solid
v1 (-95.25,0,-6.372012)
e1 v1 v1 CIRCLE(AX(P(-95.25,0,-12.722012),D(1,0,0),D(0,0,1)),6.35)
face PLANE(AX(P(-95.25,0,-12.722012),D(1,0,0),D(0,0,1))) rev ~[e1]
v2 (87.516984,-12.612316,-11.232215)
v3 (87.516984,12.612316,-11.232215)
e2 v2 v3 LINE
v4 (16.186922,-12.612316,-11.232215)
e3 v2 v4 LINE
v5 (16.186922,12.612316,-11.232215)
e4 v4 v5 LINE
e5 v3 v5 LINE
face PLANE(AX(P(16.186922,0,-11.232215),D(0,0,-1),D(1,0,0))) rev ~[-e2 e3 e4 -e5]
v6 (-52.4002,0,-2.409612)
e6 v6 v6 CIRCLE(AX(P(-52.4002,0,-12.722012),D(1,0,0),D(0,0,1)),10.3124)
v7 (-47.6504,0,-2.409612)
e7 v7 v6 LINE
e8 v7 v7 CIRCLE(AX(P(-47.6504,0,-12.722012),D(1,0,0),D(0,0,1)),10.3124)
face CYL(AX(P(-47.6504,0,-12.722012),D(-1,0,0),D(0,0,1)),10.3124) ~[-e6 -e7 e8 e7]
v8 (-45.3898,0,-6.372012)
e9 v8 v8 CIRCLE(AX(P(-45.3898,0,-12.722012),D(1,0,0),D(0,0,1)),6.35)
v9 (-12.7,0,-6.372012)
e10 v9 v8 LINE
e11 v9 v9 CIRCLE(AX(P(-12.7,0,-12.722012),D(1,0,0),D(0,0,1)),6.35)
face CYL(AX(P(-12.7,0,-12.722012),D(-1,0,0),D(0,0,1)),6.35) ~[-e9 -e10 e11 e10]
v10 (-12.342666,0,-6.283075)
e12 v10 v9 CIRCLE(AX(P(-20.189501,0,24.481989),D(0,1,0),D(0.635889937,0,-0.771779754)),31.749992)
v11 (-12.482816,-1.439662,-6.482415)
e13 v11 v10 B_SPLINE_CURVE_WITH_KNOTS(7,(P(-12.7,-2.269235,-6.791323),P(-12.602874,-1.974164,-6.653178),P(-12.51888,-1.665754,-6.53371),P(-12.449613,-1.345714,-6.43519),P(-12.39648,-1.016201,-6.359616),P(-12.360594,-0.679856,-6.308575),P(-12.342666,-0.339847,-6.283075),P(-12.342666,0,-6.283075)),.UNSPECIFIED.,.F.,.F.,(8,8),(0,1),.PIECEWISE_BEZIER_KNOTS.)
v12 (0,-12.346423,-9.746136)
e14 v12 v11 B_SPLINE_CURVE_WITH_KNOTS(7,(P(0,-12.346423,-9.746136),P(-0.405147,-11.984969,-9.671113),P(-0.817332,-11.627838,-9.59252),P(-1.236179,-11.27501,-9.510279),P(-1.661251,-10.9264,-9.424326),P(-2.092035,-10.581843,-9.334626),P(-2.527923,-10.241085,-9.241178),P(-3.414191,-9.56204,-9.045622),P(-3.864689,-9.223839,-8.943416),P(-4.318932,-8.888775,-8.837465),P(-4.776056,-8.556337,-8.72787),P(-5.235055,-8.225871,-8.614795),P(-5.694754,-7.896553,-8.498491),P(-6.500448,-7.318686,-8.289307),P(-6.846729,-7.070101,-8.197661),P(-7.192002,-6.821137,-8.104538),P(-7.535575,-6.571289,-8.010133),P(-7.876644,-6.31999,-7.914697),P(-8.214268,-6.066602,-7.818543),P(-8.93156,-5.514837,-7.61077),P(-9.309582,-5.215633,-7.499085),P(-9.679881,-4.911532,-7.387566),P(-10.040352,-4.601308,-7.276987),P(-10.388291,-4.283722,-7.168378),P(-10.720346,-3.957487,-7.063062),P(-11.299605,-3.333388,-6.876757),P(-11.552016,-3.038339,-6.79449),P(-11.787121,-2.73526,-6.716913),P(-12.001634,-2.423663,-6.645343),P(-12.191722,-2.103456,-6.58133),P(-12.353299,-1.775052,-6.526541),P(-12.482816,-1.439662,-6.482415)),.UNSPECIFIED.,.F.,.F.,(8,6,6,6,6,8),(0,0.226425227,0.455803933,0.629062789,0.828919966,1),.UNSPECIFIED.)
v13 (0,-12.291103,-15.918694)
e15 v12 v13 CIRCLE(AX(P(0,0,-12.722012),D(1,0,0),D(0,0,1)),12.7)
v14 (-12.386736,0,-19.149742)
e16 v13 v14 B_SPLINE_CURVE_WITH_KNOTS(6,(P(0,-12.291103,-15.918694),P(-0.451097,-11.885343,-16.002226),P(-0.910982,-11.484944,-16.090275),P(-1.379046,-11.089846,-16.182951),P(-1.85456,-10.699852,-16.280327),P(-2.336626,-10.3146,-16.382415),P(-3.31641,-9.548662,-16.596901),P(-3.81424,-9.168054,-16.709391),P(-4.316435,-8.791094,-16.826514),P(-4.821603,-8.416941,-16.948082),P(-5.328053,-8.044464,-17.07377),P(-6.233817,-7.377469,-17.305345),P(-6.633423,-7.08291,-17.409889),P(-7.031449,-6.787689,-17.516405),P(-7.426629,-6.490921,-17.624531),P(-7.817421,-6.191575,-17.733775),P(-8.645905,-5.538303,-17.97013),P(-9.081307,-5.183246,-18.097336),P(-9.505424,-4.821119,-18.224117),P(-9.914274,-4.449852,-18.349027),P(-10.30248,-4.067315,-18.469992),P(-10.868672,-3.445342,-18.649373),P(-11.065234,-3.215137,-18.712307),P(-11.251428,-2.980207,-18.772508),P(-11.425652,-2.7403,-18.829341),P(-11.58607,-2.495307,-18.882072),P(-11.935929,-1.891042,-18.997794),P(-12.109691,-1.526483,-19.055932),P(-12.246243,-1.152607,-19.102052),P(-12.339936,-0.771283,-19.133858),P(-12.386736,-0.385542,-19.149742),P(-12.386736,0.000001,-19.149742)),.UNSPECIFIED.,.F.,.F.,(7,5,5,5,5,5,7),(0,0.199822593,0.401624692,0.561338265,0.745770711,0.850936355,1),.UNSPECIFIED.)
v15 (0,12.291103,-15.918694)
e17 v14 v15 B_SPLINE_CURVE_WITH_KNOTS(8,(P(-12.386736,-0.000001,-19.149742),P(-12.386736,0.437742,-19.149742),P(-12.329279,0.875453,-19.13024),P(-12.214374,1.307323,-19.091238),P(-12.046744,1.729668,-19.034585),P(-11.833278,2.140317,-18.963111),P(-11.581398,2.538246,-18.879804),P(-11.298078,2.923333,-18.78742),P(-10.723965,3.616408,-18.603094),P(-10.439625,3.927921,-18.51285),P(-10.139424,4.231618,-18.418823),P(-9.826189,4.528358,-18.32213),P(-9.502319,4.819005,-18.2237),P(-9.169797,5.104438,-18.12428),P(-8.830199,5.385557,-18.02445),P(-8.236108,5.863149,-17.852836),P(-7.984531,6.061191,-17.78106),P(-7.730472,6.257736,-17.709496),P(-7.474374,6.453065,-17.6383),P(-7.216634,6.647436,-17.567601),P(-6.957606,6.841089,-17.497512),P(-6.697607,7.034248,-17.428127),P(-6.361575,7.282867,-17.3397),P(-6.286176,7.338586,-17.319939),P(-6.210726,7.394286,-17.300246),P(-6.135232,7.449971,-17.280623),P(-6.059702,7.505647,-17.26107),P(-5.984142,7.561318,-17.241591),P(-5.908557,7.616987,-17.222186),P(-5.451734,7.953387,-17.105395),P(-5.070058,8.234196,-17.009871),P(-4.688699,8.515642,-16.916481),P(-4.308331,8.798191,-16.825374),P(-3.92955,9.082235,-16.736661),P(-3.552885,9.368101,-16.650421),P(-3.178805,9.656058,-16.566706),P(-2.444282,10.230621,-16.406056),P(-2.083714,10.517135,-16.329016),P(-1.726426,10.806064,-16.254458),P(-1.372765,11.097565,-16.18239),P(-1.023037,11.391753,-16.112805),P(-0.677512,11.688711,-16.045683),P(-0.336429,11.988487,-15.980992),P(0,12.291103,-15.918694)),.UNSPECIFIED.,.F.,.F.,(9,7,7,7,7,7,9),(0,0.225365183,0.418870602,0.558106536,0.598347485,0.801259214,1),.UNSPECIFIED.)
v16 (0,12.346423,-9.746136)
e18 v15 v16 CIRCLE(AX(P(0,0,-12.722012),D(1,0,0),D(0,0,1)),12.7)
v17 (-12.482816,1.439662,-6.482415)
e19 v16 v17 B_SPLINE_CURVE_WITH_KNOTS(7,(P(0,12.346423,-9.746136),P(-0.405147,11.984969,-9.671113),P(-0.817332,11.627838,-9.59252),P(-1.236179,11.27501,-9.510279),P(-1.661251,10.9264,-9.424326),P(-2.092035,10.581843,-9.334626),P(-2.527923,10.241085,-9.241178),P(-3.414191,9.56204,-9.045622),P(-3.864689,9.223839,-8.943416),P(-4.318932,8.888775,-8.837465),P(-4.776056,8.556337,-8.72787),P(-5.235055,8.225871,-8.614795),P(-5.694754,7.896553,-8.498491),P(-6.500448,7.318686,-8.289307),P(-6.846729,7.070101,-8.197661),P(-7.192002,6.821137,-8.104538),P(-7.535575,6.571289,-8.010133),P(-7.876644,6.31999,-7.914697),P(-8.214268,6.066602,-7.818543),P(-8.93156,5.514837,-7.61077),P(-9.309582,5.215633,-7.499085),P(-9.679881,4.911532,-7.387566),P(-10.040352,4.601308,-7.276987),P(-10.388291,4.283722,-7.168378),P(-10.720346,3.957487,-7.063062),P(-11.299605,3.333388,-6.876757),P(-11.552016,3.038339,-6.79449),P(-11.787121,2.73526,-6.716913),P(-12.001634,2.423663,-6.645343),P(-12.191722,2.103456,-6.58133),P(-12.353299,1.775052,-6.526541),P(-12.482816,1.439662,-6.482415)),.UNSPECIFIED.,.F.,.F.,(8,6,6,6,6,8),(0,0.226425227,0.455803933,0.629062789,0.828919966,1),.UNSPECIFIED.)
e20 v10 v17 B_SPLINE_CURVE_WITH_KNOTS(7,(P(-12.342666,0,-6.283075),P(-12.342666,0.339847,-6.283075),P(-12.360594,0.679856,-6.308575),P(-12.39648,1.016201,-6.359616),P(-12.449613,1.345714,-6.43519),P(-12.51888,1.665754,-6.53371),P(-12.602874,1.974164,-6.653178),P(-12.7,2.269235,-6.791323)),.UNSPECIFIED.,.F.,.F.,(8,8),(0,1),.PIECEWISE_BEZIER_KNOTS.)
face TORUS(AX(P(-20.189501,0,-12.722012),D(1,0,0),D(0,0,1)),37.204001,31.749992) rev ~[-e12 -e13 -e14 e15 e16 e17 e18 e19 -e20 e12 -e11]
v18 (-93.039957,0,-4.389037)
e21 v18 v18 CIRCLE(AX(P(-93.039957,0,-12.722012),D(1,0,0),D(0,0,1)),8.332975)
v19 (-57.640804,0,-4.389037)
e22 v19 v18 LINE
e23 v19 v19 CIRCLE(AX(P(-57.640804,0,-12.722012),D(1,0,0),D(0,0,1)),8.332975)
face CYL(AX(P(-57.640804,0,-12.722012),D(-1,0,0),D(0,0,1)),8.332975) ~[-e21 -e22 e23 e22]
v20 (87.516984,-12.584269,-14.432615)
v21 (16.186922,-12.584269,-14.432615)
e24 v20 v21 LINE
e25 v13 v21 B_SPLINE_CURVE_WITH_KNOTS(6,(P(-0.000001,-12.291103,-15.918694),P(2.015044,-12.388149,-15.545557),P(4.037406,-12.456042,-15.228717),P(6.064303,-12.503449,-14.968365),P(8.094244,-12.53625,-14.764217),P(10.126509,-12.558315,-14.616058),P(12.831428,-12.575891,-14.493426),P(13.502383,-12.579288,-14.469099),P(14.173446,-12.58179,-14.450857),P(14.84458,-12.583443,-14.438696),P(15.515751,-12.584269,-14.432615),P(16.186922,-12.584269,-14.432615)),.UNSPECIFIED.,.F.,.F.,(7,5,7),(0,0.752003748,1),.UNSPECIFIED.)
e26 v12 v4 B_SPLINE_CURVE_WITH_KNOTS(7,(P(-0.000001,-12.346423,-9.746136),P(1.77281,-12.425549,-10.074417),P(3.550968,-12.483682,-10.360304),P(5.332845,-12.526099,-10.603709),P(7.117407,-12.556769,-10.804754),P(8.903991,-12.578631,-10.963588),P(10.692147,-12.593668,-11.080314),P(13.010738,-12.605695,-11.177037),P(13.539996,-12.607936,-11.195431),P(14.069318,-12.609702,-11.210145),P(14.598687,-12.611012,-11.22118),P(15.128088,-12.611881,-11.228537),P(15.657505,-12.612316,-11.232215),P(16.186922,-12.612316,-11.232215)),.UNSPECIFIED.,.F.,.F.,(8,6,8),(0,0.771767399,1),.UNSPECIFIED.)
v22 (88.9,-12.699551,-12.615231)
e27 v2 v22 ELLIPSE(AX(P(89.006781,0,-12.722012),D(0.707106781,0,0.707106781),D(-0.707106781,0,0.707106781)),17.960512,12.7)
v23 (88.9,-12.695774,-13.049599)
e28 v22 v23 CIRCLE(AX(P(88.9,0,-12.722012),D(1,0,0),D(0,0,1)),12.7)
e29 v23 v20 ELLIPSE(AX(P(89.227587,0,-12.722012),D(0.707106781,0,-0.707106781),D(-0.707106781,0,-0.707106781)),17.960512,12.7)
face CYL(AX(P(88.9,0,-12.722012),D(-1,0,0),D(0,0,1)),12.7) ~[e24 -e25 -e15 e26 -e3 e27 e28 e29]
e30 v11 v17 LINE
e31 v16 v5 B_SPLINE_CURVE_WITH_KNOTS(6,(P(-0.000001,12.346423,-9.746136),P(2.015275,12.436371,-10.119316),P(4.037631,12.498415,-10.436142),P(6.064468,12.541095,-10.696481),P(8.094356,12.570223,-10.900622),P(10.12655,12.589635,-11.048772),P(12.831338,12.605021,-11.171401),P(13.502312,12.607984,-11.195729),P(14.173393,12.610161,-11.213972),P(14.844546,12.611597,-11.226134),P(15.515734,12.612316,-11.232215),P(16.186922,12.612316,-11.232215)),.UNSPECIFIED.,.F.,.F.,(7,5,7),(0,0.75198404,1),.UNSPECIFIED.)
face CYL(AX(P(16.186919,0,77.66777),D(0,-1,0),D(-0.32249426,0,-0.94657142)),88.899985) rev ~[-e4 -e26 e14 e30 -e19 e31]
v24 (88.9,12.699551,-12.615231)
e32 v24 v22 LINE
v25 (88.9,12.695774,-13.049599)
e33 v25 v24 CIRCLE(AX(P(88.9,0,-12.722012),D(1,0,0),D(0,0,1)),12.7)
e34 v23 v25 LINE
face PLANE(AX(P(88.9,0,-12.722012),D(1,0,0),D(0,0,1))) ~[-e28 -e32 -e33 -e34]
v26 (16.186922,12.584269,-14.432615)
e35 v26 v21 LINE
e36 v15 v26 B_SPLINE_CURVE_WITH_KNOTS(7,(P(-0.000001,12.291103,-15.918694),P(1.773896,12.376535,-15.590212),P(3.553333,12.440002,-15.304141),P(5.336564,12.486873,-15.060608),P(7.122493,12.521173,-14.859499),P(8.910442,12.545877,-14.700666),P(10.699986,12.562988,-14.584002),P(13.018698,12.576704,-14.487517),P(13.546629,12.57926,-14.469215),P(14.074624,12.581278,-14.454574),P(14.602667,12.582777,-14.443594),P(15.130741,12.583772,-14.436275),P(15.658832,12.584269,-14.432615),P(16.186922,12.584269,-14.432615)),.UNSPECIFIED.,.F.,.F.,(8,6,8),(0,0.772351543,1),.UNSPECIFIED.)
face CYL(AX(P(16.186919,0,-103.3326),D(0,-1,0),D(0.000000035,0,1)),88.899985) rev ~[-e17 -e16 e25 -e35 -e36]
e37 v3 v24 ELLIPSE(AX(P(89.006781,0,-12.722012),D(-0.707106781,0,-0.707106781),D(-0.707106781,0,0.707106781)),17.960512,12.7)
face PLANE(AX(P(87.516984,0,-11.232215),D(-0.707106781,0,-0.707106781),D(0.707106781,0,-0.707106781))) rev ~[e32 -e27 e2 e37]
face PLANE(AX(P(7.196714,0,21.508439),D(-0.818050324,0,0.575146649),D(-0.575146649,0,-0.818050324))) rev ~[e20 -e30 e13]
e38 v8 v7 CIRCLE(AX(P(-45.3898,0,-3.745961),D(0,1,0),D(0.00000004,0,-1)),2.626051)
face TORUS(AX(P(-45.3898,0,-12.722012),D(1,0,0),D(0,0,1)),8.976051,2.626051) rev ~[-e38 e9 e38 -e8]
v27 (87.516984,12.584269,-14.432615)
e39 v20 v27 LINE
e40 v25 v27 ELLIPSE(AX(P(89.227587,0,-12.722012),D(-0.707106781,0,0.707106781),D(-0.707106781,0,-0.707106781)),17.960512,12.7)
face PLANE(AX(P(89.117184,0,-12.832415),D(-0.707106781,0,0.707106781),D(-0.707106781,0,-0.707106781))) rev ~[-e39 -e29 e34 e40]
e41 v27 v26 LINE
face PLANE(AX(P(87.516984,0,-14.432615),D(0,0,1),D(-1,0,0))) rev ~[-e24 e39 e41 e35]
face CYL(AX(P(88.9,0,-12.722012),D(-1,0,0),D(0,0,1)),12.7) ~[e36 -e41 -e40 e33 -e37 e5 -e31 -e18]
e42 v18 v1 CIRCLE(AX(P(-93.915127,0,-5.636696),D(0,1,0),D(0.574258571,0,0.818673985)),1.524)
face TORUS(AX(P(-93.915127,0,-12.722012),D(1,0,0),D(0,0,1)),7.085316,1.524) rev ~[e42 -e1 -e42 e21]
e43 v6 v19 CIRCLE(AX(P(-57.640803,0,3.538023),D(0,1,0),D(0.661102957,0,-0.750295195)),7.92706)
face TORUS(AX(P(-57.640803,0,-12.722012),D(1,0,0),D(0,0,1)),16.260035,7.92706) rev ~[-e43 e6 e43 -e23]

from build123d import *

# Parameters (mm, degrees)
F3_DEPTH = 25.4
F4_DEPTH = 25.4


with BuildPart() as f1:
    # F0 (on Front) → F1 (revolve)
    with BuildSketch(Plane.XZ):
        with BuildLine():
            Line((-95.25, -6.372012), (-95.25, -12.722012))
            Line((-95.25, -12.722012), (88.9, -12.722012))
            Line((88.9, -12.722012), (88.9, -0.022012))
            Line((88.9, -0.022012), (0, -0.022012))
            ThreePointArc((0, -0.022012), (-5.990472, -3.916067), (-12.7, -6.372012))
            Line((-12.7, -6.372012), (-45.3898, -6.372012))
            ThreePointArc((-45.3898, -6.372012), (-47.67075, -5.047272), (-47.6504, -2.409612))
            Line((-47.6504, -2.409612), (-52.4002, -2.409612))
            ThreePointArc((-52.4002, -2.409612), (-54.839819, -3.877688), (-57.640804, -4.389037))
            Line((-57.640804, -4.389037), (-93.039957, -4.389037))
            ThreePointArc((-93.039957, -4.389037), (-92.897345, -6.771022), (-95.25, -6.372012))
        make_face()
    revolve(axis=Axis((-3.175, 0, -12.722012), (1, 0, 0)))

    # F2 (on Front) → F3 (cut)
    with BuildSketch(Plane.XZ):
        with BuildLine():
            ThreePointArc((-12.482816, -6.482415), (1.656656, -10.036727), (16.186922, -11.232215))
            Line((16.186922, -11.232215), (87.516984, -11.232215))
            Line((87.516984, -11.232215), (89.117184, -12.832415))
            Line((89.117184, -12.832415), (96.563645, 18.124769))
            Line((96.563645, 18.124769), (7.196714, 21.508439))
            Line((7.196714, 21.508439), (-12.482816, -6.482415))
        make_face()
        with BuildLine():
            Line((96.563645, -43.789599), (89.117184, -12.832415))
            Line((89.117184, -12.832415), (87.516984, -14.432615))
            Line((87.516984, -14.432615), (16.186922, -14.432615))
            ThreePointArc((16.186922, -14.432615), (1.656656, -15.628103), (-12.482816, -19.182415))
            Line((-12.482816, -19.182415), (7.196714, -47.173269))
            Line((7.196714, -47.173269), (96.563645, -43.789599))
        make_face()
    extrude(amount=-F3_DEPTH, mode=Mode.SUBTRACT)

    # F2 (on Front) → F4 (cut)
    with BuildSketch(Plane.XZ):
        with BuildLine():
            ThreePointArc((-12.482816, -6.482415), (1.656656, -10.036727), (16.186922, -11.232215))
            Line((16.186922, -11.232215), (87.516984, -11.232215))
            Line((87.516984, -11.232215), (89.117184, -12.832415))
            Line((89.117184, -12.832415), (96.563645, 18.124769))
            Line((96.563645, 18.124769), (7.196714, 21.508439))
            Line((7.196714, 21.508439), (-12.482816, -6.482415))
        make_face()
        with BuildLine():
            Line((96.563645, -43.789599), (89.117184, -12.832415))
            Line((89.117184, -12.832415), (87.516984, -14.432615))
            Line((87.516984, -14.432615), (16.186922, -14.432615))
            ThreePointArc((16.186922, -14.432615), (1.656656, -15.628103), (-12.482816, -19.182415))
            Line((-12.482816, -19.182415), (7.196714, -47.173269))
            Line((7.196714, -47.173269), (96.563645, -43.789599))
        make_face()
    extrude(amount=F4_DEPTH, mode=Mode.SUBTRACT)


solid = f1.part
